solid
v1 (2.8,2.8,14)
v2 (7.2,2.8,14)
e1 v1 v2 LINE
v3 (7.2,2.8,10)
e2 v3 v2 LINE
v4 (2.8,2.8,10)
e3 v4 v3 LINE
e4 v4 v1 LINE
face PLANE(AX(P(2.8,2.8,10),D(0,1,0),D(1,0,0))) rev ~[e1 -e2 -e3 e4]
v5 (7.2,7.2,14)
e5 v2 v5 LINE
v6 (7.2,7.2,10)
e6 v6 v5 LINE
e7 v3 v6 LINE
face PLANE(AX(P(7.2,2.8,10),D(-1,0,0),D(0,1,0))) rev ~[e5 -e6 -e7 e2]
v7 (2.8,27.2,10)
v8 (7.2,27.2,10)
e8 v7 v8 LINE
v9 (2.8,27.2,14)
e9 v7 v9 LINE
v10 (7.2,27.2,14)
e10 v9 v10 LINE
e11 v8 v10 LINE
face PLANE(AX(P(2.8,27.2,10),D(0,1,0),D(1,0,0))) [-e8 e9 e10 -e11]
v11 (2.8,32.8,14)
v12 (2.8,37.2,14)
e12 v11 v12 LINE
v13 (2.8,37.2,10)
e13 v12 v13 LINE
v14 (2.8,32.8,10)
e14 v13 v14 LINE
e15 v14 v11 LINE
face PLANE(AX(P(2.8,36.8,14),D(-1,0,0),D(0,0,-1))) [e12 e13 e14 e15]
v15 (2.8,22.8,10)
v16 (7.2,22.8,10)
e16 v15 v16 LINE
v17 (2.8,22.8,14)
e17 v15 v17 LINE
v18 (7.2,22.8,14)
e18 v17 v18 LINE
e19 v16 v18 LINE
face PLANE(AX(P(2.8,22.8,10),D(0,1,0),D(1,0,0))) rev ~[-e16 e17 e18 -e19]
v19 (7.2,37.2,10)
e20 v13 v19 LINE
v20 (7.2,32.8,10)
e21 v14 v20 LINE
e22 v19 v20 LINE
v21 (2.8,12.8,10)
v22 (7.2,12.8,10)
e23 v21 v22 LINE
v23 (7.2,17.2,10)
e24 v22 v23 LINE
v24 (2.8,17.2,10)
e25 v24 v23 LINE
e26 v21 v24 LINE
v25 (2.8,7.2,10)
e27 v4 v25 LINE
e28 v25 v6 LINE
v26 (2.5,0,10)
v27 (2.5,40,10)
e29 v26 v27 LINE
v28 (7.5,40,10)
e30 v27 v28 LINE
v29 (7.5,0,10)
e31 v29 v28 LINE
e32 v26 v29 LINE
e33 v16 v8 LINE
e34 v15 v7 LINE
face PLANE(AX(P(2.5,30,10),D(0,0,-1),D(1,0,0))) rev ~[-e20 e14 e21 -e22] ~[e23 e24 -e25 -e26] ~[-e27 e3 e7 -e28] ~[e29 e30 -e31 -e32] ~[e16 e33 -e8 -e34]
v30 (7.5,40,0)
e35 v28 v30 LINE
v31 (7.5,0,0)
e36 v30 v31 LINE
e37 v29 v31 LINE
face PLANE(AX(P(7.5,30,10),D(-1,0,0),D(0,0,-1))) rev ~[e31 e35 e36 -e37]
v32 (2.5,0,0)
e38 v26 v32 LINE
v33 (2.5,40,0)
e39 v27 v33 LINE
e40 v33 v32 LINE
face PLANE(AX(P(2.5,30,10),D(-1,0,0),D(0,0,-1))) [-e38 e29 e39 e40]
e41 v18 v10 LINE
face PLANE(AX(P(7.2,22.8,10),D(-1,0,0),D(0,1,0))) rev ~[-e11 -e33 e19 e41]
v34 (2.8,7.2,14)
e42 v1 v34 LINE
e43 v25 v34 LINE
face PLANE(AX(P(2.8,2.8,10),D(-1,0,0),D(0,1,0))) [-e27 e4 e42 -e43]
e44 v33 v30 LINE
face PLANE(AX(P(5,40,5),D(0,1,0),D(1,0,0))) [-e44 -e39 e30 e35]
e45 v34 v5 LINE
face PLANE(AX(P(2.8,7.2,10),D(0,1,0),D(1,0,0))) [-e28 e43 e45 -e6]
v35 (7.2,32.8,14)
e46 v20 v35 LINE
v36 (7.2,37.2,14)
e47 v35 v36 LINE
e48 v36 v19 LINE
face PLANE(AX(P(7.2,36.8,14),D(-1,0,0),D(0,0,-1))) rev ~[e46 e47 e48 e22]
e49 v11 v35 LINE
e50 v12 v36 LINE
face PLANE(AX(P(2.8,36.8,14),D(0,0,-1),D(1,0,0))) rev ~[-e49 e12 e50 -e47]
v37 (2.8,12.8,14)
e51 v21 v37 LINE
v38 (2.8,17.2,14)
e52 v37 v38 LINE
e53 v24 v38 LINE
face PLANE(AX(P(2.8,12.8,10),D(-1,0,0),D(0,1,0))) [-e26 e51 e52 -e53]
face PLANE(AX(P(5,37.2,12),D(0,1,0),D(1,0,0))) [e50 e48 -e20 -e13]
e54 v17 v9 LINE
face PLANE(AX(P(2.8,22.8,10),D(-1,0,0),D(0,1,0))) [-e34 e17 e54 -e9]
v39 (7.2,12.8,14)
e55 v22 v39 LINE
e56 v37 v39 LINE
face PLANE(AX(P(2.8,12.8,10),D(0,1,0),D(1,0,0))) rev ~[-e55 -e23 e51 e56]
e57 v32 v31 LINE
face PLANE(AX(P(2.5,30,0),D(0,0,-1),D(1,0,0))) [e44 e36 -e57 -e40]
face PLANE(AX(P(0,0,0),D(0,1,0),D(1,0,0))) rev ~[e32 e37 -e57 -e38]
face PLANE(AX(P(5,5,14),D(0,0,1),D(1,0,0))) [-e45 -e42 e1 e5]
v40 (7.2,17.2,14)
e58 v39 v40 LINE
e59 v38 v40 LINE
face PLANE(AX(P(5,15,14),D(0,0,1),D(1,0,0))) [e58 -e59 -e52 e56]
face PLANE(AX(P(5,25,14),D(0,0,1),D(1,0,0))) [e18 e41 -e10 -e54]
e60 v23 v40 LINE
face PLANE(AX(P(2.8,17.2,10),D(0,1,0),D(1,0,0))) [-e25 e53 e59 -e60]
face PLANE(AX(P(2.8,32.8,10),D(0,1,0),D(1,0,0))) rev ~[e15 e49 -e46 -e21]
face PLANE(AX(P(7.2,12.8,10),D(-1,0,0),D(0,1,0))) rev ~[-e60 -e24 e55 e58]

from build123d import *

# Parameters (mm, degrees)
BOX_W             = 10
BOX_H             = 10
BOX_DEPTH         = 10
SKETCH_W          = 4.4
SKETCH_H          = 4.4
PAD_DEPTH         = 4
PAD_FACE1_W       = 10
PAD_FACE1_H       = 10
POCKET_DEPTH      = 2.5
POCKET_FACE3_W    = 10
POCKET_FACE3_H    = 10
POCKET001_DEPTH   = 2.5
POCKET001_FACE6_W = 5
POCKET001_FACE6_H = 10
PAD001_DEPTH      = 10
SKETCH001_W       = 4.4
SKETCH001_H       = 4.4
PAD002_DEPTH      = 4
PAD002_FACE14_W   = 5
PAD002_FACE14_H   = 10
PAD003_DEPTH      = 10
SKETCH002_W       = 4.4
SKETCH002_H       = 4.4
PAD004_DEPTH      = 4
PAD004_FACE23_W   = 5
PAD004_FACE23_H   = 10
PAD005_DEPTH      = 10
SKETCH003_W       = 4.4
SKETCH003_H       = 4
PAD006_DEPTH      = 4
PAD006_FACE33_W   = 4.4
PAD006_FACE33_H   = 4
PAD007_DEPTH      = 0.4


with BuildPart() as part:
    # Box → Box (new body)
    with BuildSketch(Plane.XY):
        with Locations((5, 5)):
            Rectangle(BOX_W, BOX_H)
    extrude(amount=BOX_DEPTH)

    # Sketch (on Face6 of BaseFeature) → Pad (new body)
    with BuildSketch(Plane.XY.offset(10)):
        with Locations((5, 5)):
            Rectangle(SKETCH_W, SKETCH_H)
    extrude(amount=PAD_DEPTH)

    # Pad Face1 → Pocket (cut)
    with BuildSketch(Plane(origin=(0, 5, 5), x_dir=(0, 1, 0), z_dir=(-1, 0, 0))):
        Rectangle(PAD_FACE1_W, PAD_FACE1_H)
    extrude(amount=-POCKET_DEPTH, mode=Mode.SUBTRACT)

    # Pocket Face3 → Pocket001 (cut)
    with BuildSketch(Plane(origin=(10, 5, 5), x_dir=(0, -1, 0), z_dir=(1, 0, 0))):
        Rectangle(POCKET_FACE3_W, POCKET_FACE3_H)
    extrude(amount=-POCKET001_DEPTH, mode=Mode.SUBTRACT)

    # Pocket001 Face6 → Pad001 (add)
    with BuildSketch(Plane(origin=(5, 10, 5), x_dir=(1, 0, 0), z_dir=(0, 1, 0))):
        Rectangle(POCKET001_FACE6_W, POCKET001_FACE6_H)
    extrude(amount=PAD001_DEPTH)

    # Sketch001 (on Face8 of Pad001) → Pad002 (join)
    with BuildSketch(Plane.XY.offset(10)):
        with Locations((5, 15)):
            Rectangle(SKETCH001_W, SKETCH001_H)
    extrude(amount=PAD002_DEPTH)

    # Pad002 Face14 → Pad003 (add)
    with BuildSketch(Plane(origin=(5, 20, 5), x_dir=(1, 0, 0), z_dir=(0, 1, 0))):
        Rectangle(PAD002_FACE14_W, PAD002_FACE14_H)
    extrude(amount=PAD003_DEPTH)

    # Sketch002 (on Face16 of Pad003) → Pad004 (join)
    with BuildSketch(Plane.XY.offset(10)):
        with Locations((5, 25)):
            Rectangle(SKETCH002_W, SKETCH002_H)
    extrude(amount=PAD004_DEPTH)

    # Pad004 Face23 → Pad005 (add)
    with BuildSketch(Plane(origin=(5, 30, 5), x_dir=(1, 0, 0), z_dir=(0, 1, 0))):
        Rectangle(PAD004_FACE23_W, PAD004_FACE23_H)
    extrude(amount=PAD005_DEPTH)

    # Sketch003 (on Face25 of Pad005) → Pad006 (join)
    with BuildSketch(Plane.XY.offset(10)):
        with Locations((5, 34.8)):
            Rectangle(SKETCH003_W, SKETCH003_H)
    extrude(amount=PAD006_DEPTH)

    # Pad006 Face33 → Pad007 (add)
    with BuildSketch(Plane(origin=(5, 36.8, 12), x_dir=(1, 0, 0), z_dir=(0, 1, 0))):
        Rectangle(PAD006_FACE33_W, PAD006_FACE33_H)
    extrude(amount=PAD007_DEPTH)


solid = part.part
